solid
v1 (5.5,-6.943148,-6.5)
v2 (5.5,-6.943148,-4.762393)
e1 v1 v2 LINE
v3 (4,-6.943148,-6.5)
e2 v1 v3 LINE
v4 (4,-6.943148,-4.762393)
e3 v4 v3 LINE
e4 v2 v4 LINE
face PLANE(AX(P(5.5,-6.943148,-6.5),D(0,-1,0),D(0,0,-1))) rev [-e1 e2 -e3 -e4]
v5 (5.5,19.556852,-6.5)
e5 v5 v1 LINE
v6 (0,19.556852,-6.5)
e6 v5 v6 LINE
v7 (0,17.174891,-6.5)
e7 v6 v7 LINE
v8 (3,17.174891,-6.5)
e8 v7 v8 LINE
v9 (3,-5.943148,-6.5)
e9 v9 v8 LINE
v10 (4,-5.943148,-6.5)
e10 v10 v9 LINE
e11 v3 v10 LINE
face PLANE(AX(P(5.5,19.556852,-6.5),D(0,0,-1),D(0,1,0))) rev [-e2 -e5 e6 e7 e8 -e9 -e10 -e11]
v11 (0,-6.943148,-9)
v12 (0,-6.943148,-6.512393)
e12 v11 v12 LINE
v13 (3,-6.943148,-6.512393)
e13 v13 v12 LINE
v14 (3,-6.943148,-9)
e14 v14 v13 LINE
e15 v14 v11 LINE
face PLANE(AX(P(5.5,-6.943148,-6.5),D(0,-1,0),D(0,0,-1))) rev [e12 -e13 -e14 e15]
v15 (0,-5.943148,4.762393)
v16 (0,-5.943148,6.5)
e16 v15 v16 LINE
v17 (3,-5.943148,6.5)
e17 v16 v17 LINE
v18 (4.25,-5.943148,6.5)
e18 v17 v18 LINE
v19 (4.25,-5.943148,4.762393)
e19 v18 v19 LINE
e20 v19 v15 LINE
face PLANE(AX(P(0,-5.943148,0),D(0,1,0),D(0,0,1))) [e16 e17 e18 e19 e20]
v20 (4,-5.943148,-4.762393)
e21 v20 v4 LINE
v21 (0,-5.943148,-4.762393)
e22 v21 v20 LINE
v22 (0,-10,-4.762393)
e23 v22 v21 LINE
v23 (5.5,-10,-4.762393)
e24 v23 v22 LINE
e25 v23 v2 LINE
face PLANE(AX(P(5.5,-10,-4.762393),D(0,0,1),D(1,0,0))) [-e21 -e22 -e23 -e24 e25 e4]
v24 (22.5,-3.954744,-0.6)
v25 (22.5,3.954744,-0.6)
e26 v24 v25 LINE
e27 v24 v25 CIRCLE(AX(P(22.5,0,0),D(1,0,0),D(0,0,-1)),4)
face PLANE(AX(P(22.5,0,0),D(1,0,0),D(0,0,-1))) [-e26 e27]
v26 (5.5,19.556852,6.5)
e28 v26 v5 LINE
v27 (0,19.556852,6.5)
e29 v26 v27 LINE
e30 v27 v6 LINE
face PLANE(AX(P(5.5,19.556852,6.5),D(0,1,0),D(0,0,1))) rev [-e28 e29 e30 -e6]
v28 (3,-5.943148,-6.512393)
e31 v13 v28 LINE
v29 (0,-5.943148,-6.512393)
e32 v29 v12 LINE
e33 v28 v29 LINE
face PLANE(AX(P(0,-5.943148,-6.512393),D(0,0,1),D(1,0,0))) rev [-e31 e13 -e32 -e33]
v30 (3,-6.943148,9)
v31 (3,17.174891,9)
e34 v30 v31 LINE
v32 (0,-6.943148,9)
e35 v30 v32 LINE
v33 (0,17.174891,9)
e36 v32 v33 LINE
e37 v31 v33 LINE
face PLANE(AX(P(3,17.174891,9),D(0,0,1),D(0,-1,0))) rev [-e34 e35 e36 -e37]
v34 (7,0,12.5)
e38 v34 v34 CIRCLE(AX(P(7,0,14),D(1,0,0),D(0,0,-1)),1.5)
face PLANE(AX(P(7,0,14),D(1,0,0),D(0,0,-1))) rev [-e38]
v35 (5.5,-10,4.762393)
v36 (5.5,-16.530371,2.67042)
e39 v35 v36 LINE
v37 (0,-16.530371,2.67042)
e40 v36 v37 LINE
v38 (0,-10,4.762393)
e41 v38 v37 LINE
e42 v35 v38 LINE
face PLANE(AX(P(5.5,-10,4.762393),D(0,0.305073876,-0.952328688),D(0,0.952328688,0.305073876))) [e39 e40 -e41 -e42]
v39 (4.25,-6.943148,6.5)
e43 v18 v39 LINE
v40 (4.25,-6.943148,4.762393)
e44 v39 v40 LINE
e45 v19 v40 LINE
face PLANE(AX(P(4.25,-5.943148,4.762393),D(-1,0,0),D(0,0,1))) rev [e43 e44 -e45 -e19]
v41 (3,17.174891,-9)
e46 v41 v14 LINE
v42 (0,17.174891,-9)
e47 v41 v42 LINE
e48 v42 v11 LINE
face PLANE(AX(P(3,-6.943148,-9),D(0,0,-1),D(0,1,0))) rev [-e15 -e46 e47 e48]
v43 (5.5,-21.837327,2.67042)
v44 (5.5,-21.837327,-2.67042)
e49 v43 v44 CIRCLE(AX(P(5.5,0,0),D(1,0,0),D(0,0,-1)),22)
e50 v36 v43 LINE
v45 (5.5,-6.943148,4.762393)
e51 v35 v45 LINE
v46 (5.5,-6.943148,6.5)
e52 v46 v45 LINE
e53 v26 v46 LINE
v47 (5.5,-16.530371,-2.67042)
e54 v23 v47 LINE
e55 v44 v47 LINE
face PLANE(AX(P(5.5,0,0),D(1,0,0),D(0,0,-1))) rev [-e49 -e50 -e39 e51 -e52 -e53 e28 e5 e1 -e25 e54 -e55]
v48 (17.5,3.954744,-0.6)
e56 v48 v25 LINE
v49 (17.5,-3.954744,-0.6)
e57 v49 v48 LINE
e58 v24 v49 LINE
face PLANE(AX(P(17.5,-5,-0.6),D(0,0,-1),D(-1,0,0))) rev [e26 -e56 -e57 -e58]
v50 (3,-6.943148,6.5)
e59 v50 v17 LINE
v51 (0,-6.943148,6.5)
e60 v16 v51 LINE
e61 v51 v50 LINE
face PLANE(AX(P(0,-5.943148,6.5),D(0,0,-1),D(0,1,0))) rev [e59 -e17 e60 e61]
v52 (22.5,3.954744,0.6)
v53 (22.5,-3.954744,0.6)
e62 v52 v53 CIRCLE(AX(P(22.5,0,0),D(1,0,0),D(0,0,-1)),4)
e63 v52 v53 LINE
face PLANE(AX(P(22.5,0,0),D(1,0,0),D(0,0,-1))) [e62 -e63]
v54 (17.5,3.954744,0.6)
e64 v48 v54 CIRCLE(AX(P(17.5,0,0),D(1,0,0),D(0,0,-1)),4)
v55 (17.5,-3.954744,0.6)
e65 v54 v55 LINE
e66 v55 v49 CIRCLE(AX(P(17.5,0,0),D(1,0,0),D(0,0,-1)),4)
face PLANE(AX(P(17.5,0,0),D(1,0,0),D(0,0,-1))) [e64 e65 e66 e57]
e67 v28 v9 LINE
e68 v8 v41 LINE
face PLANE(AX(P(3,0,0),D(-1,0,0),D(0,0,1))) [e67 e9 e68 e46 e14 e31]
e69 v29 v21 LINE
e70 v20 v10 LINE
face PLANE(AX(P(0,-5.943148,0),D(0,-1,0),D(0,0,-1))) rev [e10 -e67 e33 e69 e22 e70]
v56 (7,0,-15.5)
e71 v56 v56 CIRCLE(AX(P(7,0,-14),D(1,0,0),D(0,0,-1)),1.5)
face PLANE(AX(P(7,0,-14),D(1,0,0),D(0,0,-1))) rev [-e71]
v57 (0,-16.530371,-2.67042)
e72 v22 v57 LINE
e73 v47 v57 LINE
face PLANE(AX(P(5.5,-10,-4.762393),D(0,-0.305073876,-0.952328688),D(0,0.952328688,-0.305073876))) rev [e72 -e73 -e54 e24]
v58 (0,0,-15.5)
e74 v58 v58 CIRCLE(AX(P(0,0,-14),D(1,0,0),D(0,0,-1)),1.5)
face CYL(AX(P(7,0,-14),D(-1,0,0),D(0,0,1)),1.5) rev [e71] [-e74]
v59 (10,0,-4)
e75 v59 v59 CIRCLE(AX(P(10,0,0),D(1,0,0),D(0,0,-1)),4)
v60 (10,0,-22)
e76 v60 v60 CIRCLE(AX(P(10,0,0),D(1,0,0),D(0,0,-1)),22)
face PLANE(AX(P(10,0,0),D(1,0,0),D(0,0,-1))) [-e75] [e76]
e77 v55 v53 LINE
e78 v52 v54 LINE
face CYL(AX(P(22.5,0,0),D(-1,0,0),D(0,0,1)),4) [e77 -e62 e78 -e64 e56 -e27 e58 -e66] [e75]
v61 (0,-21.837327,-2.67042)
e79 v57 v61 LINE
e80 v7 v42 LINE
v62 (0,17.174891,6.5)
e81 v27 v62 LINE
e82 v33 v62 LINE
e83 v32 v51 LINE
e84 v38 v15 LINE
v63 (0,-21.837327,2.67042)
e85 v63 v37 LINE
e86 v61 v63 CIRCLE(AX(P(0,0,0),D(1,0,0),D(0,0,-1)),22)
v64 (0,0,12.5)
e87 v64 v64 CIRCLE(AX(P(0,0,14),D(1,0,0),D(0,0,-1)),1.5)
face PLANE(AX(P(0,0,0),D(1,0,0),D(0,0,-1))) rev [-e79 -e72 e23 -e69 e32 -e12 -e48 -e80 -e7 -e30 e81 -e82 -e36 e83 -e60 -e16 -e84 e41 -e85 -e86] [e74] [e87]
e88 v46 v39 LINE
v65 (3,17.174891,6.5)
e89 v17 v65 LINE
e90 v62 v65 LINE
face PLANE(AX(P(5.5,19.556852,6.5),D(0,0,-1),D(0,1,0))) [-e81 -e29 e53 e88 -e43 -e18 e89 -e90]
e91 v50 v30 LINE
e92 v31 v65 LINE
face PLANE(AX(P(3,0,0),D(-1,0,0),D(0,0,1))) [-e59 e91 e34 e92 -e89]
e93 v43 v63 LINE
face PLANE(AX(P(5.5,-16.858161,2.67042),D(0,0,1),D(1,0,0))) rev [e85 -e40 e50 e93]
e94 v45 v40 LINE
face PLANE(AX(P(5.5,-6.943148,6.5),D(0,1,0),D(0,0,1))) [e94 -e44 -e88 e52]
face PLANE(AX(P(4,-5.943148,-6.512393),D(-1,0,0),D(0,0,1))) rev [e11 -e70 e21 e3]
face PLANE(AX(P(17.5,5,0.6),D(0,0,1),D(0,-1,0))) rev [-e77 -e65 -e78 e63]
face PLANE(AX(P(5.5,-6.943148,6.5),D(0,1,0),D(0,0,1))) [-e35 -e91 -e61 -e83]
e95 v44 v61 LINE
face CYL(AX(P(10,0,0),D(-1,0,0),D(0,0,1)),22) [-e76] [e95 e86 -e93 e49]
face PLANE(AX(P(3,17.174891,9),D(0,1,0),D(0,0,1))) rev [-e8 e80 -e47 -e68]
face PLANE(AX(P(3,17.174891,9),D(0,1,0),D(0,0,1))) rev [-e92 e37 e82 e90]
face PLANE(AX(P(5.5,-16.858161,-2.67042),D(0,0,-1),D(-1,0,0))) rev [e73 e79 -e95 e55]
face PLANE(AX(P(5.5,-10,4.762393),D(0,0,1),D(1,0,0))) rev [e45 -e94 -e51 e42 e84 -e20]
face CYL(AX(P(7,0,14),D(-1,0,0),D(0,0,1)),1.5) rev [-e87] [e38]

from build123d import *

# Parameters (mm, degrees)
SKETCH1_R           = 22
BOSS_EXTRUDE1_DEPTH = 10
CUT_EXTRUDE2_DEPTH  = 5.5
SKETCH15_W          = 18
SKETCH15_H          = 24.118038922
CUT_EXTRUDE3_DEPTH  = 3
SKETCH16_R          = 4
BOSS_EXTRUDE2_DEPTH = 12.5
CUT_EXTRUDE4_START  = 22.5
SKETCH8_W           = 1.2
SKETCH8_H           = 10
CUT_EXTRUDE4_DEPTH  = 5
SKETCH17_W          = 4
SKETCH17_H          = 1.75
BOSS_EXTRUDE3_DEPTH = 1
SKETCH18_W          = 4.25
SKETCH18_H          = 1.737607108
BOSS_EXTRUDE4_DEPTH = 1
SKETCH22_R          = 1.5
CUT_EXTRUDE7_DEPTH  = 7


with BuildPart() as part:
    # Sketch1 → Boss-Extrude1 (new body)
    with BuildSketch(Plane(origin=(0, 0, 0), x_dir=(0, 0, -1), z_dir=(1, 0, 0))):
        Circle(SKETCH1_R)
    extrude(amount=BOSS_EXTRUDE1_DEPTH)

    # Sketch13 → Cut-Extrude2 (cut)
    with BuildSketch(Plane(origin=(0, 0, 0), x_dir=(0, 0, -1), z_dir=(1, 0, 0))):
        with BuildLine():
            Line((-2.670420152, -16.85816067), (-2.670420152, -16.530371213))
            Line((-2.670420152, -16.530371213), (-4.762392892, -10))
            Line((-4.762392892, -10), (-4.762392892, -6.943148259))
            Line((-4.762392892, -6.943148259), (-6.5, -6.943148259))
            Line((-6.5, -6.943148259), (-6.5, 19.556851741))
            Line((-6.5, 19.556851741), (6.5, 19.556851741))
            Line((6.5, 19.556851741), (6.5, -6.943148259))
            Line((6.5, -6.943148259), (4.762392892, -6.943148259))
            Line((4.762392892, -6.943148259), (4.762392892, -10))
            Line((4.762392892, -10), (2.670420152, -16.530371213))
            Line((2.670420152, -16.530371213), (2.670420152, -16.85816067))
            Line((2.670420152, -16.85816067), (2.670420152, -21.837327131))
            ThreePointArc((2.670420152, -21.837327131), (1.836835043, -21.92318492), (1.000584871, -21.977234355))
            Line((1.000584871, -21.977234355), (0, -25.25))
            Line((0, -25.25), (-1.000584871, -21.977234355))
            ThreePointArc((-1.000584871, -21.977234355), (-1.836835043, -21.92318492), (-2.670420152, -21.837327131))
            Line((-2.670420152, -21.837327131), (-2.670420152, -16.85816067))
        make_face()
    extrude(amount=CUT_EXTRUDE2_DEPTH, mode=Mode.SUBTRACT)

    # Sketch15 → Cut-Extrude3 (cut)
    with BuildSketch(Plane.ZY):
        with Locations((0, 5.115871202)):
            Rectangle(SKETCH15_W, SKETCH15_H)
    extrude(amount=-CUT_EXTRUDE3_DEPTH, mode=Mode.SUBTRACT)

    # Sketch16 → Boss-Extrude2 (add)
    with BuildSketch(Plane(origin=(10, 0, 0), x_dir=(0, 0, -1), z_dir=(1, 0, 0))):
        Circle(SKETCH16_R)
    extrude(amount=BOSS_EXTRUDE2_DEPTH)

    # Sketch8 → Cut-Extrude4 (cut)
    with BuildSketch(Plane(origin=(0, 0, 0), x_dir=(0, 0, -1), z_dir=(1, 0, 0)).offset(CUT_EXTRUDE4_START)):
        Rectangle(SKETCH8_W, SKETCH8_H)
    extrude(amount=-CUT_EXTRUDE4_DEPTH, mode=Mode.SUBTRACT)

    # Sketch17 → Boss-Extrude3 (add)
    with BuildSketch(Plane(origin=(0, -6.943148259, 0), x_dir=(1, 0, 0), z_dir=(0, 1, 0))):
        with Locations((2, 5.637392892)):
            Rectangle(SKETCH17_W, SKETCH17_H)
    extrude(amount=BOSS_EXTRUDE3_DEPTH)

    # Sketch18 → Boss-Extrude4 (add)
    with BuildSketch(Plane(origin=(0, -6.943148259, 0), x_dir=(1, 0, 0), z_dir=(0, 1, 0))):
        with Locations((2.125, -5.631196446)):
            Rectangle(SKETCH18_W, SKETCH18_H)
    extrude(amount=BOSS_EXTRUDE4_DEPTH)

    # Sketch22 → Cut-Extrude7 (cut)
    with BuildSketch(Plane(origin=(0, 0, 0), x_dir=(0, 0, -1), z_dir=(1, 0, 0))):
        with Locations((-14, 0)):
            Circle(SKETCH22_R)
        with Locations((14, 0)):
            Circle(SKETCH22_R)
    extrude(amount=CUT_EXTRUDE7_DEPTH, mode=Mode.SUBTRACT)


solid = part.part
